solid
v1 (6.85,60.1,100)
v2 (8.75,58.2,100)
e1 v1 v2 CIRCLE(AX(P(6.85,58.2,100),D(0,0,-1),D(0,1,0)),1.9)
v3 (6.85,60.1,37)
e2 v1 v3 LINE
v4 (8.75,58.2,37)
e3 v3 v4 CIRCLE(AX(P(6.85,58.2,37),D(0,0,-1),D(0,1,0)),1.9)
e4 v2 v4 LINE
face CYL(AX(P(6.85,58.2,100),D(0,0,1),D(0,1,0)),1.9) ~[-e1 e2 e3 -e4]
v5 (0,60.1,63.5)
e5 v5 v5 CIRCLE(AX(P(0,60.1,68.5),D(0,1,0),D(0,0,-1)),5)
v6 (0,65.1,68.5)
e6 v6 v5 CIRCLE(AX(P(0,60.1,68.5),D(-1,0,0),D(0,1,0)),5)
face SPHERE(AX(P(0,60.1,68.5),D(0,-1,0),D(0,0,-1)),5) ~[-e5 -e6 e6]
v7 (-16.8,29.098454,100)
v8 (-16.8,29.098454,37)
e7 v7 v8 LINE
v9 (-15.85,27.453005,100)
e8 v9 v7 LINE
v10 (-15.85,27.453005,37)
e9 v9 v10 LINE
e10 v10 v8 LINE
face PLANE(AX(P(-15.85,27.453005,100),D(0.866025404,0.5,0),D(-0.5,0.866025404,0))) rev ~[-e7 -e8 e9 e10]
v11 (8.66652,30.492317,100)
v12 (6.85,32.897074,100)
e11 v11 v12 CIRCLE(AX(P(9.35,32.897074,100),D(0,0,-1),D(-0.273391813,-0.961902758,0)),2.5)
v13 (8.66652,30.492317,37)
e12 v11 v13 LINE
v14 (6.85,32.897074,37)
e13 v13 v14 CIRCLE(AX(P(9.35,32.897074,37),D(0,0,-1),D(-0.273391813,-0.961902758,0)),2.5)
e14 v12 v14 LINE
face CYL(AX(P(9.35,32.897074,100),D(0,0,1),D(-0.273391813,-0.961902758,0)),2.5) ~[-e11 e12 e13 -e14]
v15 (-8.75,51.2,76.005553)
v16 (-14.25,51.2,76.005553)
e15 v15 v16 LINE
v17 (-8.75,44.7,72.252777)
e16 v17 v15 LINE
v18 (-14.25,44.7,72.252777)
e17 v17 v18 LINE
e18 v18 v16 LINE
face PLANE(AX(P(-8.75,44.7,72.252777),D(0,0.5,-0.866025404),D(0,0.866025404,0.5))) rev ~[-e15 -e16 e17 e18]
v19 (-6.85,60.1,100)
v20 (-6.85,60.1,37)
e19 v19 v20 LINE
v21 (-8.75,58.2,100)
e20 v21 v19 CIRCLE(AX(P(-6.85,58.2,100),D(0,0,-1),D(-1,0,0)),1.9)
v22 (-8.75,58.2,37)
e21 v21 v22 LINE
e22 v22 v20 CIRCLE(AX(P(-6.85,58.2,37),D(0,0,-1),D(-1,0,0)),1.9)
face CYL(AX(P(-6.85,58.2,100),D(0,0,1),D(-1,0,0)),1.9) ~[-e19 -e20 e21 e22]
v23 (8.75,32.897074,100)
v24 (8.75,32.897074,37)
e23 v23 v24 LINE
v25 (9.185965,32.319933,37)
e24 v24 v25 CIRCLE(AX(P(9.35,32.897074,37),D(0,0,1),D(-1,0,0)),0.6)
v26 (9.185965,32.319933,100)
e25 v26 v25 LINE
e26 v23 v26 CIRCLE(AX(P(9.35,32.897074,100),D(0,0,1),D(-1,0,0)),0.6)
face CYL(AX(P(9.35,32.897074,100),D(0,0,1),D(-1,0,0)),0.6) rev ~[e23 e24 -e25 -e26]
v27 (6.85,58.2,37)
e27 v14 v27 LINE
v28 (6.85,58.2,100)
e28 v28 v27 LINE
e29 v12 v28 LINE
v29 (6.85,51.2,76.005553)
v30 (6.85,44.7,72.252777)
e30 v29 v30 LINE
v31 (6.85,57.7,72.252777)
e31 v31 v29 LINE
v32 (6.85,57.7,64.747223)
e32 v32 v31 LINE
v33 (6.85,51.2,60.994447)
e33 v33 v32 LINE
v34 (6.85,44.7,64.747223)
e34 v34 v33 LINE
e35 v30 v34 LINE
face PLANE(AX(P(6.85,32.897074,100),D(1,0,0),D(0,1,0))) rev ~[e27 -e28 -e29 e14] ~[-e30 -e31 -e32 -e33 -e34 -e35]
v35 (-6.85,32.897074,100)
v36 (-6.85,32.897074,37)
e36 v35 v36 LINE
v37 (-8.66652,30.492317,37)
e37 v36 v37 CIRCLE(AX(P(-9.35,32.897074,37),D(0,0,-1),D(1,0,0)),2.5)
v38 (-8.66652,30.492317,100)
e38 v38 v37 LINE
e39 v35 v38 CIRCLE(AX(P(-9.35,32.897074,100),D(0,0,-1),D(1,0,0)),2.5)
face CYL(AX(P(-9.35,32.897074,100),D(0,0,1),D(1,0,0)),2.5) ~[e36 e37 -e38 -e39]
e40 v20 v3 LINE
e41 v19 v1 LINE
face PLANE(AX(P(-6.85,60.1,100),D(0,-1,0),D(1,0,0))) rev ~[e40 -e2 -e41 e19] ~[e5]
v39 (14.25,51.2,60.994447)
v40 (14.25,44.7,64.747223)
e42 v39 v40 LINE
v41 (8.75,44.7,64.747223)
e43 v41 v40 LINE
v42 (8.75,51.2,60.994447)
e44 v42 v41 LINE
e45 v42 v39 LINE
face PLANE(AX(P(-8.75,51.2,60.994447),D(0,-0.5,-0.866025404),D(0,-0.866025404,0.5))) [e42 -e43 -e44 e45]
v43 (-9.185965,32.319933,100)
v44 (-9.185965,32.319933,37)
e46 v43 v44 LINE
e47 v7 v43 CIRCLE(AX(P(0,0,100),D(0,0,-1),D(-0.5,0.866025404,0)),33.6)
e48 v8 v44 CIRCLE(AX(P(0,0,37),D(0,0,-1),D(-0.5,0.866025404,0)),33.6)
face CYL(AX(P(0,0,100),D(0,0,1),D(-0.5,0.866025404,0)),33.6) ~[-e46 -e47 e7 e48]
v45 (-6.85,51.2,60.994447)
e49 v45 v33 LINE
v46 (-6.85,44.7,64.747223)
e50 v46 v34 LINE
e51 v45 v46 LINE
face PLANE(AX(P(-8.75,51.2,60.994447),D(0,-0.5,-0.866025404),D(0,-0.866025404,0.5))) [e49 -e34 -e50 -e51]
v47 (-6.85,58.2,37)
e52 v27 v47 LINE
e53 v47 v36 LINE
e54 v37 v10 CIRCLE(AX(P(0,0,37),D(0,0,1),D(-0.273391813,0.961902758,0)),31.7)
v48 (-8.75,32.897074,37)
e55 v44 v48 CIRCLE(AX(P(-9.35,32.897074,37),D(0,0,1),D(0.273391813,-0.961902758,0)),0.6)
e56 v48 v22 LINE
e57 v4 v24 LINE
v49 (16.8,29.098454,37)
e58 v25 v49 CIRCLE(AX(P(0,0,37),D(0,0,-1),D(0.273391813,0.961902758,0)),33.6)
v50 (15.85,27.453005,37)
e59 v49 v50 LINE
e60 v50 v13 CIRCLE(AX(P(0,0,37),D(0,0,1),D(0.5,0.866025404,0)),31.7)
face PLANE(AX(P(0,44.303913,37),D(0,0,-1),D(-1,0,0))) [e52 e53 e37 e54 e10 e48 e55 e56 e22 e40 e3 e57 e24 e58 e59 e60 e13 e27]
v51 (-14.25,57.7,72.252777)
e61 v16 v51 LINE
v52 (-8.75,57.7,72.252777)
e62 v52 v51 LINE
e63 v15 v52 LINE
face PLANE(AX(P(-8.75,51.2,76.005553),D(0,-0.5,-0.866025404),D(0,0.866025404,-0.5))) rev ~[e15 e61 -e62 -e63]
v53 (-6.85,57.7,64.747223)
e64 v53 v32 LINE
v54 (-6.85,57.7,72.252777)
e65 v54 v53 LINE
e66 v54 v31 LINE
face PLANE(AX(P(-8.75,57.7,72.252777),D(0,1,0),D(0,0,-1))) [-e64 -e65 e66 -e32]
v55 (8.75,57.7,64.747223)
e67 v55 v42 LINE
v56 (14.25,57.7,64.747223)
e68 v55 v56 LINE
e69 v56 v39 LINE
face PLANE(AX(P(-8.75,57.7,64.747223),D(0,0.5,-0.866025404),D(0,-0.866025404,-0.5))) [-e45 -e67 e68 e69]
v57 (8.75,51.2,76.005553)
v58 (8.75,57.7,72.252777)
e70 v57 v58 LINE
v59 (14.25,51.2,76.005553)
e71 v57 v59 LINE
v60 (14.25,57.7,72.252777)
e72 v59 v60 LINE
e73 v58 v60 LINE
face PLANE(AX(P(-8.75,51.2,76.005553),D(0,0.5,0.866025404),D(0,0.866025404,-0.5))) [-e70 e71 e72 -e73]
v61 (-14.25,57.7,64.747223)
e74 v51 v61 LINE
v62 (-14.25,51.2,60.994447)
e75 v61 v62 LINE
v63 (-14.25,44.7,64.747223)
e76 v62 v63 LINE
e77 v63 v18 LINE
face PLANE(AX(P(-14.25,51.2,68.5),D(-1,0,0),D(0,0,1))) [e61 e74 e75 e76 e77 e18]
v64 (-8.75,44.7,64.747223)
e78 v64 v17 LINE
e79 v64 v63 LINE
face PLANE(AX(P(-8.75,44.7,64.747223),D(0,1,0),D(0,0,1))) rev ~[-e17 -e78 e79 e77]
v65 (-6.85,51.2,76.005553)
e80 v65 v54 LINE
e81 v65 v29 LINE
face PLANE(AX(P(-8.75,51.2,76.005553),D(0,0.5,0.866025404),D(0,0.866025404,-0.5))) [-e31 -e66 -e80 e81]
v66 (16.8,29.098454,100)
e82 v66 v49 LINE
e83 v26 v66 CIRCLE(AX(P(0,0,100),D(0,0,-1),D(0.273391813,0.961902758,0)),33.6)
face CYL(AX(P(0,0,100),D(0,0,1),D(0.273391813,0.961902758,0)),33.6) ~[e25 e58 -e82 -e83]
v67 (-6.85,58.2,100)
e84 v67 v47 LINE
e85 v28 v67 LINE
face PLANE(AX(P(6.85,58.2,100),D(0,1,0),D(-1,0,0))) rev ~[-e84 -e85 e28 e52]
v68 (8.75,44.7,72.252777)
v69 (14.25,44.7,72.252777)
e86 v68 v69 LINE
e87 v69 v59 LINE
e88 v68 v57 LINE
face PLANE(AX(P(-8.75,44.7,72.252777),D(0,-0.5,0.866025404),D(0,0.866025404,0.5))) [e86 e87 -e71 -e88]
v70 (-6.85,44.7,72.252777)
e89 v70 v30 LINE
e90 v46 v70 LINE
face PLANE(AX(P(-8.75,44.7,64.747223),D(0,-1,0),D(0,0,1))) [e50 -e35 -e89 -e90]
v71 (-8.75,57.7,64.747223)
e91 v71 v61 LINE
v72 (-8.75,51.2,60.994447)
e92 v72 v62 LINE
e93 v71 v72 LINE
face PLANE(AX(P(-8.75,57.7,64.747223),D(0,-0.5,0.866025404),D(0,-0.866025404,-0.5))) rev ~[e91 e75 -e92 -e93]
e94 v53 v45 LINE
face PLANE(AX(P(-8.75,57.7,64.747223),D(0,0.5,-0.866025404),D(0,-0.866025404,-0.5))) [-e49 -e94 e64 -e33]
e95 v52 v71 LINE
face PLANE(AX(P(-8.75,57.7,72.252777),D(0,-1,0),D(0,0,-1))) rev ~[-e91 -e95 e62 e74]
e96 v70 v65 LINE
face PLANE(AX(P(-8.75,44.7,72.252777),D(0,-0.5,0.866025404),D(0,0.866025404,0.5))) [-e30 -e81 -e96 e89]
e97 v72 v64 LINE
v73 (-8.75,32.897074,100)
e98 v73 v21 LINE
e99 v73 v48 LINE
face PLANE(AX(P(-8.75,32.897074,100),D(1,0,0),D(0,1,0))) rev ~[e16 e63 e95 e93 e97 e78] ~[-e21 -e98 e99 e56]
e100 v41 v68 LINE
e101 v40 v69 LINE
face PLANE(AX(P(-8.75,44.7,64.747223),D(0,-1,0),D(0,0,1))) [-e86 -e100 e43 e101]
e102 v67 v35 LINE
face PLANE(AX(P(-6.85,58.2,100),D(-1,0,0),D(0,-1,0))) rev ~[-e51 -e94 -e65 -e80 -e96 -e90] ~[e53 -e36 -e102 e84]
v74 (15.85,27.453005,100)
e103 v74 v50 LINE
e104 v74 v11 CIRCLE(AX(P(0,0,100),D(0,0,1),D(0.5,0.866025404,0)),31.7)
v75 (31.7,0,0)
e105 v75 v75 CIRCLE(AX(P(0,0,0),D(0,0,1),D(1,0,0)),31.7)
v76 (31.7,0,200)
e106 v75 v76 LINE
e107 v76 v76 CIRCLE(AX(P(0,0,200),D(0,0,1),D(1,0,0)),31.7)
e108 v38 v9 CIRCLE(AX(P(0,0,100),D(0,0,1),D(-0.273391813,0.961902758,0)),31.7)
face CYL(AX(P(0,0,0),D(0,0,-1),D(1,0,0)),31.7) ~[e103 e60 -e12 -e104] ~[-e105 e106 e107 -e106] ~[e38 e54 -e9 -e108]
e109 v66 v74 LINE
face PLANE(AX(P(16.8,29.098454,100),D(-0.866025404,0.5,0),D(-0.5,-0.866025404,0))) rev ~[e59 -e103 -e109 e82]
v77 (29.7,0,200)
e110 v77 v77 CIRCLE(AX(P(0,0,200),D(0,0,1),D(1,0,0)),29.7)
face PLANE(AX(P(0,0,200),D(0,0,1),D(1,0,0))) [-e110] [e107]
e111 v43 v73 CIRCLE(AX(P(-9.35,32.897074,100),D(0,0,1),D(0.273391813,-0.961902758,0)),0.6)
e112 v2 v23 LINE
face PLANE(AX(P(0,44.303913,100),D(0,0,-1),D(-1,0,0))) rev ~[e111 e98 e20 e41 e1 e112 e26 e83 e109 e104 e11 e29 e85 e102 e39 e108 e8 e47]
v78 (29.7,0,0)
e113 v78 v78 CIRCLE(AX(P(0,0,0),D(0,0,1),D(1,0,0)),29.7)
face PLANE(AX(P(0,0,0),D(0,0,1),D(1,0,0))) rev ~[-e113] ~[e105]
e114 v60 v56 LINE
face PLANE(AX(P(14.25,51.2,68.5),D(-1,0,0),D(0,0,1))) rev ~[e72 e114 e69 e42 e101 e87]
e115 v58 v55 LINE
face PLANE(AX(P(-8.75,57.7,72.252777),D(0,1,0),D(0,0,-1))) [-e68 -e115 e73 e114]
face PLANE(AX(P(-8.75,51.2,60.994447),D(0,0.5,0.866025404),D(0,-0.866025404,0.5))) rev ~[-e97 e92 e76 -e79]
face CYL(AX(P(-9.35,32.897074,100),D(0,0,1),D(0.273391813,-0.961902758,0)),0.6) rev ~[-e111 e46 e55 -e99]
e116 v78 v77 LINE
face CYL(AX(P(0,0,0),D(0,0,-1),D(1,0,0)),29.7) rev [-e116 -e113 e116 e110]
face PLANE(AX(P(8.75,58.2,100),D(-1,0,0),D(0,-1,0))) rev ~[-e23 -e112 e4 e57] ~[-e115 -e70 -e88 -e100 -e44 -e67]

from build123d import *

# Parameters (mm, degrees)
SKETCH1_R                = 31.7
SKETCH1_R_2              = 29.7
BOSS_EXTRUDE1_DEPTH      = 200
BOSS_EXTRUDE2_DEPTH      = 63
BOSS_EXTRUDE3_DEPTH      = 5.5
BOSS_EXTRUDE3_DEPTH_BACK = 23


with BuildPart() as part:
    # Sketch1 → Boss-Extrude1 (new body)
    with BuildSketch(Plane.XY):
        Circle(SKETCH1_R)
        Circle(SKETCH1_R_2, mode=Mode.SUBTRACT)
    extrude(amount=BOSS_EXTRUDE1_DEPTH)

    # Sketch4 → Boss-Extrude2 (add)
    with BuildSketch(Plane(origin=(0, 0, 100), x_dir=(-1, 0, 0), z_dir=(0, 0, -1))):
        with BuildLine():
            Line((-6.85, 32.897074338), (-6.85, 58.2))
            Line((-6.85, 58.2), (6.85, 58.2))
            Line((6.85, 58.2), (6.85, 32.897074338))
            ThreePointArc((6.85, 32.897074338), (7.355169327, 31.390206532), (8.666520468, 30.492317442))
            ThreePointArc((8.666520468, 30.492317442), (12.352096929, 29.194446415), (15.85, 27.4530053))
            Line((15.85, 27.4530053), (16.8, 29.098453567))
            ThreePointArc((16.8, 29.098453567), (13.092443432, 30.944271279), (9.185964912, 32.319932683))
            ThreePointArc((9.185964912, 32.319932683), (8.871240638, 32.535426065), (8.75, 32.897074338))
            Line((8.75, 32.897074338), (8.75, 58.2))
            ThreePointArc((8.75, 58.2), (8.193502884, 59.543502884), (6.85, 60.1))
            Line((6.85, 60.1), (-6.85, 60.1))
            ThreePointArc((-6.85, 60.1), (-8.193502884, 59.543502884), (-8.75, 58.2))
            Line((-8.75, 58.2), (-8.75, 32.897074338))
            ThreePointArc((-8.75, 32.897074338), (-8.871240638, 32.535426065), (-9.185964912, 32.319932683))
            ThreePointArc((-9.185964912, 32.319932683), (-13.092443432, 30.944271279), (-16.8, 29.098453567))
            Line((-16.8, 29.098453567), (-15.85, 27.4530053))
            ThreePointArc((-15.85, 27.4530053), (-12.352096929, 29.194446415), (-8.666520468, 30.492317442))
            ThreePointArc((-8.666520468, 30.492317442), (-7.355169327, 31.390206532), (-6.85, 32.897074338))
        make_face()
    extrude(amount=BOSS_EXTRUDE2_DEPTH)

    # Sketch5 one side → Revolve1 (revolve)
    with BuildSketch(Plane.ZY):
        with BuildLine():
            Line((68.5, 60.1), (68.5, 65.1))
            ThreePointArc((68.5, 65.1), (64.964466094, 63.635533906), (63.5, 60.1))
            Line((63.5, 60.1), (68.5, 60.1))
        make_face()
    revolve(axis=Axis((0, 60.1, 68.5), (0, 1, 0)))

    # Sketch6 → Boss-Extrude3 (add, two sides)
    with BuildSketch(Plane.ZY.offset(8.75)) as boss_extrude3_sk:
        Polygon((72.25277675, 44.7), (76.005553499, 51.2), (72.25277675, 57.7), (64.74722325, 57.7), (60.994446501, 51.2), (64.74722325, 44.7), align=None)
    extrude(amount=BOSS_EXTRUDE3_DEPTH)
    extrude(boss_extrude3_sk.sketch, amount=-BOSS_EXTRUDE3_DEPTH_BACK)


solid = part.part
